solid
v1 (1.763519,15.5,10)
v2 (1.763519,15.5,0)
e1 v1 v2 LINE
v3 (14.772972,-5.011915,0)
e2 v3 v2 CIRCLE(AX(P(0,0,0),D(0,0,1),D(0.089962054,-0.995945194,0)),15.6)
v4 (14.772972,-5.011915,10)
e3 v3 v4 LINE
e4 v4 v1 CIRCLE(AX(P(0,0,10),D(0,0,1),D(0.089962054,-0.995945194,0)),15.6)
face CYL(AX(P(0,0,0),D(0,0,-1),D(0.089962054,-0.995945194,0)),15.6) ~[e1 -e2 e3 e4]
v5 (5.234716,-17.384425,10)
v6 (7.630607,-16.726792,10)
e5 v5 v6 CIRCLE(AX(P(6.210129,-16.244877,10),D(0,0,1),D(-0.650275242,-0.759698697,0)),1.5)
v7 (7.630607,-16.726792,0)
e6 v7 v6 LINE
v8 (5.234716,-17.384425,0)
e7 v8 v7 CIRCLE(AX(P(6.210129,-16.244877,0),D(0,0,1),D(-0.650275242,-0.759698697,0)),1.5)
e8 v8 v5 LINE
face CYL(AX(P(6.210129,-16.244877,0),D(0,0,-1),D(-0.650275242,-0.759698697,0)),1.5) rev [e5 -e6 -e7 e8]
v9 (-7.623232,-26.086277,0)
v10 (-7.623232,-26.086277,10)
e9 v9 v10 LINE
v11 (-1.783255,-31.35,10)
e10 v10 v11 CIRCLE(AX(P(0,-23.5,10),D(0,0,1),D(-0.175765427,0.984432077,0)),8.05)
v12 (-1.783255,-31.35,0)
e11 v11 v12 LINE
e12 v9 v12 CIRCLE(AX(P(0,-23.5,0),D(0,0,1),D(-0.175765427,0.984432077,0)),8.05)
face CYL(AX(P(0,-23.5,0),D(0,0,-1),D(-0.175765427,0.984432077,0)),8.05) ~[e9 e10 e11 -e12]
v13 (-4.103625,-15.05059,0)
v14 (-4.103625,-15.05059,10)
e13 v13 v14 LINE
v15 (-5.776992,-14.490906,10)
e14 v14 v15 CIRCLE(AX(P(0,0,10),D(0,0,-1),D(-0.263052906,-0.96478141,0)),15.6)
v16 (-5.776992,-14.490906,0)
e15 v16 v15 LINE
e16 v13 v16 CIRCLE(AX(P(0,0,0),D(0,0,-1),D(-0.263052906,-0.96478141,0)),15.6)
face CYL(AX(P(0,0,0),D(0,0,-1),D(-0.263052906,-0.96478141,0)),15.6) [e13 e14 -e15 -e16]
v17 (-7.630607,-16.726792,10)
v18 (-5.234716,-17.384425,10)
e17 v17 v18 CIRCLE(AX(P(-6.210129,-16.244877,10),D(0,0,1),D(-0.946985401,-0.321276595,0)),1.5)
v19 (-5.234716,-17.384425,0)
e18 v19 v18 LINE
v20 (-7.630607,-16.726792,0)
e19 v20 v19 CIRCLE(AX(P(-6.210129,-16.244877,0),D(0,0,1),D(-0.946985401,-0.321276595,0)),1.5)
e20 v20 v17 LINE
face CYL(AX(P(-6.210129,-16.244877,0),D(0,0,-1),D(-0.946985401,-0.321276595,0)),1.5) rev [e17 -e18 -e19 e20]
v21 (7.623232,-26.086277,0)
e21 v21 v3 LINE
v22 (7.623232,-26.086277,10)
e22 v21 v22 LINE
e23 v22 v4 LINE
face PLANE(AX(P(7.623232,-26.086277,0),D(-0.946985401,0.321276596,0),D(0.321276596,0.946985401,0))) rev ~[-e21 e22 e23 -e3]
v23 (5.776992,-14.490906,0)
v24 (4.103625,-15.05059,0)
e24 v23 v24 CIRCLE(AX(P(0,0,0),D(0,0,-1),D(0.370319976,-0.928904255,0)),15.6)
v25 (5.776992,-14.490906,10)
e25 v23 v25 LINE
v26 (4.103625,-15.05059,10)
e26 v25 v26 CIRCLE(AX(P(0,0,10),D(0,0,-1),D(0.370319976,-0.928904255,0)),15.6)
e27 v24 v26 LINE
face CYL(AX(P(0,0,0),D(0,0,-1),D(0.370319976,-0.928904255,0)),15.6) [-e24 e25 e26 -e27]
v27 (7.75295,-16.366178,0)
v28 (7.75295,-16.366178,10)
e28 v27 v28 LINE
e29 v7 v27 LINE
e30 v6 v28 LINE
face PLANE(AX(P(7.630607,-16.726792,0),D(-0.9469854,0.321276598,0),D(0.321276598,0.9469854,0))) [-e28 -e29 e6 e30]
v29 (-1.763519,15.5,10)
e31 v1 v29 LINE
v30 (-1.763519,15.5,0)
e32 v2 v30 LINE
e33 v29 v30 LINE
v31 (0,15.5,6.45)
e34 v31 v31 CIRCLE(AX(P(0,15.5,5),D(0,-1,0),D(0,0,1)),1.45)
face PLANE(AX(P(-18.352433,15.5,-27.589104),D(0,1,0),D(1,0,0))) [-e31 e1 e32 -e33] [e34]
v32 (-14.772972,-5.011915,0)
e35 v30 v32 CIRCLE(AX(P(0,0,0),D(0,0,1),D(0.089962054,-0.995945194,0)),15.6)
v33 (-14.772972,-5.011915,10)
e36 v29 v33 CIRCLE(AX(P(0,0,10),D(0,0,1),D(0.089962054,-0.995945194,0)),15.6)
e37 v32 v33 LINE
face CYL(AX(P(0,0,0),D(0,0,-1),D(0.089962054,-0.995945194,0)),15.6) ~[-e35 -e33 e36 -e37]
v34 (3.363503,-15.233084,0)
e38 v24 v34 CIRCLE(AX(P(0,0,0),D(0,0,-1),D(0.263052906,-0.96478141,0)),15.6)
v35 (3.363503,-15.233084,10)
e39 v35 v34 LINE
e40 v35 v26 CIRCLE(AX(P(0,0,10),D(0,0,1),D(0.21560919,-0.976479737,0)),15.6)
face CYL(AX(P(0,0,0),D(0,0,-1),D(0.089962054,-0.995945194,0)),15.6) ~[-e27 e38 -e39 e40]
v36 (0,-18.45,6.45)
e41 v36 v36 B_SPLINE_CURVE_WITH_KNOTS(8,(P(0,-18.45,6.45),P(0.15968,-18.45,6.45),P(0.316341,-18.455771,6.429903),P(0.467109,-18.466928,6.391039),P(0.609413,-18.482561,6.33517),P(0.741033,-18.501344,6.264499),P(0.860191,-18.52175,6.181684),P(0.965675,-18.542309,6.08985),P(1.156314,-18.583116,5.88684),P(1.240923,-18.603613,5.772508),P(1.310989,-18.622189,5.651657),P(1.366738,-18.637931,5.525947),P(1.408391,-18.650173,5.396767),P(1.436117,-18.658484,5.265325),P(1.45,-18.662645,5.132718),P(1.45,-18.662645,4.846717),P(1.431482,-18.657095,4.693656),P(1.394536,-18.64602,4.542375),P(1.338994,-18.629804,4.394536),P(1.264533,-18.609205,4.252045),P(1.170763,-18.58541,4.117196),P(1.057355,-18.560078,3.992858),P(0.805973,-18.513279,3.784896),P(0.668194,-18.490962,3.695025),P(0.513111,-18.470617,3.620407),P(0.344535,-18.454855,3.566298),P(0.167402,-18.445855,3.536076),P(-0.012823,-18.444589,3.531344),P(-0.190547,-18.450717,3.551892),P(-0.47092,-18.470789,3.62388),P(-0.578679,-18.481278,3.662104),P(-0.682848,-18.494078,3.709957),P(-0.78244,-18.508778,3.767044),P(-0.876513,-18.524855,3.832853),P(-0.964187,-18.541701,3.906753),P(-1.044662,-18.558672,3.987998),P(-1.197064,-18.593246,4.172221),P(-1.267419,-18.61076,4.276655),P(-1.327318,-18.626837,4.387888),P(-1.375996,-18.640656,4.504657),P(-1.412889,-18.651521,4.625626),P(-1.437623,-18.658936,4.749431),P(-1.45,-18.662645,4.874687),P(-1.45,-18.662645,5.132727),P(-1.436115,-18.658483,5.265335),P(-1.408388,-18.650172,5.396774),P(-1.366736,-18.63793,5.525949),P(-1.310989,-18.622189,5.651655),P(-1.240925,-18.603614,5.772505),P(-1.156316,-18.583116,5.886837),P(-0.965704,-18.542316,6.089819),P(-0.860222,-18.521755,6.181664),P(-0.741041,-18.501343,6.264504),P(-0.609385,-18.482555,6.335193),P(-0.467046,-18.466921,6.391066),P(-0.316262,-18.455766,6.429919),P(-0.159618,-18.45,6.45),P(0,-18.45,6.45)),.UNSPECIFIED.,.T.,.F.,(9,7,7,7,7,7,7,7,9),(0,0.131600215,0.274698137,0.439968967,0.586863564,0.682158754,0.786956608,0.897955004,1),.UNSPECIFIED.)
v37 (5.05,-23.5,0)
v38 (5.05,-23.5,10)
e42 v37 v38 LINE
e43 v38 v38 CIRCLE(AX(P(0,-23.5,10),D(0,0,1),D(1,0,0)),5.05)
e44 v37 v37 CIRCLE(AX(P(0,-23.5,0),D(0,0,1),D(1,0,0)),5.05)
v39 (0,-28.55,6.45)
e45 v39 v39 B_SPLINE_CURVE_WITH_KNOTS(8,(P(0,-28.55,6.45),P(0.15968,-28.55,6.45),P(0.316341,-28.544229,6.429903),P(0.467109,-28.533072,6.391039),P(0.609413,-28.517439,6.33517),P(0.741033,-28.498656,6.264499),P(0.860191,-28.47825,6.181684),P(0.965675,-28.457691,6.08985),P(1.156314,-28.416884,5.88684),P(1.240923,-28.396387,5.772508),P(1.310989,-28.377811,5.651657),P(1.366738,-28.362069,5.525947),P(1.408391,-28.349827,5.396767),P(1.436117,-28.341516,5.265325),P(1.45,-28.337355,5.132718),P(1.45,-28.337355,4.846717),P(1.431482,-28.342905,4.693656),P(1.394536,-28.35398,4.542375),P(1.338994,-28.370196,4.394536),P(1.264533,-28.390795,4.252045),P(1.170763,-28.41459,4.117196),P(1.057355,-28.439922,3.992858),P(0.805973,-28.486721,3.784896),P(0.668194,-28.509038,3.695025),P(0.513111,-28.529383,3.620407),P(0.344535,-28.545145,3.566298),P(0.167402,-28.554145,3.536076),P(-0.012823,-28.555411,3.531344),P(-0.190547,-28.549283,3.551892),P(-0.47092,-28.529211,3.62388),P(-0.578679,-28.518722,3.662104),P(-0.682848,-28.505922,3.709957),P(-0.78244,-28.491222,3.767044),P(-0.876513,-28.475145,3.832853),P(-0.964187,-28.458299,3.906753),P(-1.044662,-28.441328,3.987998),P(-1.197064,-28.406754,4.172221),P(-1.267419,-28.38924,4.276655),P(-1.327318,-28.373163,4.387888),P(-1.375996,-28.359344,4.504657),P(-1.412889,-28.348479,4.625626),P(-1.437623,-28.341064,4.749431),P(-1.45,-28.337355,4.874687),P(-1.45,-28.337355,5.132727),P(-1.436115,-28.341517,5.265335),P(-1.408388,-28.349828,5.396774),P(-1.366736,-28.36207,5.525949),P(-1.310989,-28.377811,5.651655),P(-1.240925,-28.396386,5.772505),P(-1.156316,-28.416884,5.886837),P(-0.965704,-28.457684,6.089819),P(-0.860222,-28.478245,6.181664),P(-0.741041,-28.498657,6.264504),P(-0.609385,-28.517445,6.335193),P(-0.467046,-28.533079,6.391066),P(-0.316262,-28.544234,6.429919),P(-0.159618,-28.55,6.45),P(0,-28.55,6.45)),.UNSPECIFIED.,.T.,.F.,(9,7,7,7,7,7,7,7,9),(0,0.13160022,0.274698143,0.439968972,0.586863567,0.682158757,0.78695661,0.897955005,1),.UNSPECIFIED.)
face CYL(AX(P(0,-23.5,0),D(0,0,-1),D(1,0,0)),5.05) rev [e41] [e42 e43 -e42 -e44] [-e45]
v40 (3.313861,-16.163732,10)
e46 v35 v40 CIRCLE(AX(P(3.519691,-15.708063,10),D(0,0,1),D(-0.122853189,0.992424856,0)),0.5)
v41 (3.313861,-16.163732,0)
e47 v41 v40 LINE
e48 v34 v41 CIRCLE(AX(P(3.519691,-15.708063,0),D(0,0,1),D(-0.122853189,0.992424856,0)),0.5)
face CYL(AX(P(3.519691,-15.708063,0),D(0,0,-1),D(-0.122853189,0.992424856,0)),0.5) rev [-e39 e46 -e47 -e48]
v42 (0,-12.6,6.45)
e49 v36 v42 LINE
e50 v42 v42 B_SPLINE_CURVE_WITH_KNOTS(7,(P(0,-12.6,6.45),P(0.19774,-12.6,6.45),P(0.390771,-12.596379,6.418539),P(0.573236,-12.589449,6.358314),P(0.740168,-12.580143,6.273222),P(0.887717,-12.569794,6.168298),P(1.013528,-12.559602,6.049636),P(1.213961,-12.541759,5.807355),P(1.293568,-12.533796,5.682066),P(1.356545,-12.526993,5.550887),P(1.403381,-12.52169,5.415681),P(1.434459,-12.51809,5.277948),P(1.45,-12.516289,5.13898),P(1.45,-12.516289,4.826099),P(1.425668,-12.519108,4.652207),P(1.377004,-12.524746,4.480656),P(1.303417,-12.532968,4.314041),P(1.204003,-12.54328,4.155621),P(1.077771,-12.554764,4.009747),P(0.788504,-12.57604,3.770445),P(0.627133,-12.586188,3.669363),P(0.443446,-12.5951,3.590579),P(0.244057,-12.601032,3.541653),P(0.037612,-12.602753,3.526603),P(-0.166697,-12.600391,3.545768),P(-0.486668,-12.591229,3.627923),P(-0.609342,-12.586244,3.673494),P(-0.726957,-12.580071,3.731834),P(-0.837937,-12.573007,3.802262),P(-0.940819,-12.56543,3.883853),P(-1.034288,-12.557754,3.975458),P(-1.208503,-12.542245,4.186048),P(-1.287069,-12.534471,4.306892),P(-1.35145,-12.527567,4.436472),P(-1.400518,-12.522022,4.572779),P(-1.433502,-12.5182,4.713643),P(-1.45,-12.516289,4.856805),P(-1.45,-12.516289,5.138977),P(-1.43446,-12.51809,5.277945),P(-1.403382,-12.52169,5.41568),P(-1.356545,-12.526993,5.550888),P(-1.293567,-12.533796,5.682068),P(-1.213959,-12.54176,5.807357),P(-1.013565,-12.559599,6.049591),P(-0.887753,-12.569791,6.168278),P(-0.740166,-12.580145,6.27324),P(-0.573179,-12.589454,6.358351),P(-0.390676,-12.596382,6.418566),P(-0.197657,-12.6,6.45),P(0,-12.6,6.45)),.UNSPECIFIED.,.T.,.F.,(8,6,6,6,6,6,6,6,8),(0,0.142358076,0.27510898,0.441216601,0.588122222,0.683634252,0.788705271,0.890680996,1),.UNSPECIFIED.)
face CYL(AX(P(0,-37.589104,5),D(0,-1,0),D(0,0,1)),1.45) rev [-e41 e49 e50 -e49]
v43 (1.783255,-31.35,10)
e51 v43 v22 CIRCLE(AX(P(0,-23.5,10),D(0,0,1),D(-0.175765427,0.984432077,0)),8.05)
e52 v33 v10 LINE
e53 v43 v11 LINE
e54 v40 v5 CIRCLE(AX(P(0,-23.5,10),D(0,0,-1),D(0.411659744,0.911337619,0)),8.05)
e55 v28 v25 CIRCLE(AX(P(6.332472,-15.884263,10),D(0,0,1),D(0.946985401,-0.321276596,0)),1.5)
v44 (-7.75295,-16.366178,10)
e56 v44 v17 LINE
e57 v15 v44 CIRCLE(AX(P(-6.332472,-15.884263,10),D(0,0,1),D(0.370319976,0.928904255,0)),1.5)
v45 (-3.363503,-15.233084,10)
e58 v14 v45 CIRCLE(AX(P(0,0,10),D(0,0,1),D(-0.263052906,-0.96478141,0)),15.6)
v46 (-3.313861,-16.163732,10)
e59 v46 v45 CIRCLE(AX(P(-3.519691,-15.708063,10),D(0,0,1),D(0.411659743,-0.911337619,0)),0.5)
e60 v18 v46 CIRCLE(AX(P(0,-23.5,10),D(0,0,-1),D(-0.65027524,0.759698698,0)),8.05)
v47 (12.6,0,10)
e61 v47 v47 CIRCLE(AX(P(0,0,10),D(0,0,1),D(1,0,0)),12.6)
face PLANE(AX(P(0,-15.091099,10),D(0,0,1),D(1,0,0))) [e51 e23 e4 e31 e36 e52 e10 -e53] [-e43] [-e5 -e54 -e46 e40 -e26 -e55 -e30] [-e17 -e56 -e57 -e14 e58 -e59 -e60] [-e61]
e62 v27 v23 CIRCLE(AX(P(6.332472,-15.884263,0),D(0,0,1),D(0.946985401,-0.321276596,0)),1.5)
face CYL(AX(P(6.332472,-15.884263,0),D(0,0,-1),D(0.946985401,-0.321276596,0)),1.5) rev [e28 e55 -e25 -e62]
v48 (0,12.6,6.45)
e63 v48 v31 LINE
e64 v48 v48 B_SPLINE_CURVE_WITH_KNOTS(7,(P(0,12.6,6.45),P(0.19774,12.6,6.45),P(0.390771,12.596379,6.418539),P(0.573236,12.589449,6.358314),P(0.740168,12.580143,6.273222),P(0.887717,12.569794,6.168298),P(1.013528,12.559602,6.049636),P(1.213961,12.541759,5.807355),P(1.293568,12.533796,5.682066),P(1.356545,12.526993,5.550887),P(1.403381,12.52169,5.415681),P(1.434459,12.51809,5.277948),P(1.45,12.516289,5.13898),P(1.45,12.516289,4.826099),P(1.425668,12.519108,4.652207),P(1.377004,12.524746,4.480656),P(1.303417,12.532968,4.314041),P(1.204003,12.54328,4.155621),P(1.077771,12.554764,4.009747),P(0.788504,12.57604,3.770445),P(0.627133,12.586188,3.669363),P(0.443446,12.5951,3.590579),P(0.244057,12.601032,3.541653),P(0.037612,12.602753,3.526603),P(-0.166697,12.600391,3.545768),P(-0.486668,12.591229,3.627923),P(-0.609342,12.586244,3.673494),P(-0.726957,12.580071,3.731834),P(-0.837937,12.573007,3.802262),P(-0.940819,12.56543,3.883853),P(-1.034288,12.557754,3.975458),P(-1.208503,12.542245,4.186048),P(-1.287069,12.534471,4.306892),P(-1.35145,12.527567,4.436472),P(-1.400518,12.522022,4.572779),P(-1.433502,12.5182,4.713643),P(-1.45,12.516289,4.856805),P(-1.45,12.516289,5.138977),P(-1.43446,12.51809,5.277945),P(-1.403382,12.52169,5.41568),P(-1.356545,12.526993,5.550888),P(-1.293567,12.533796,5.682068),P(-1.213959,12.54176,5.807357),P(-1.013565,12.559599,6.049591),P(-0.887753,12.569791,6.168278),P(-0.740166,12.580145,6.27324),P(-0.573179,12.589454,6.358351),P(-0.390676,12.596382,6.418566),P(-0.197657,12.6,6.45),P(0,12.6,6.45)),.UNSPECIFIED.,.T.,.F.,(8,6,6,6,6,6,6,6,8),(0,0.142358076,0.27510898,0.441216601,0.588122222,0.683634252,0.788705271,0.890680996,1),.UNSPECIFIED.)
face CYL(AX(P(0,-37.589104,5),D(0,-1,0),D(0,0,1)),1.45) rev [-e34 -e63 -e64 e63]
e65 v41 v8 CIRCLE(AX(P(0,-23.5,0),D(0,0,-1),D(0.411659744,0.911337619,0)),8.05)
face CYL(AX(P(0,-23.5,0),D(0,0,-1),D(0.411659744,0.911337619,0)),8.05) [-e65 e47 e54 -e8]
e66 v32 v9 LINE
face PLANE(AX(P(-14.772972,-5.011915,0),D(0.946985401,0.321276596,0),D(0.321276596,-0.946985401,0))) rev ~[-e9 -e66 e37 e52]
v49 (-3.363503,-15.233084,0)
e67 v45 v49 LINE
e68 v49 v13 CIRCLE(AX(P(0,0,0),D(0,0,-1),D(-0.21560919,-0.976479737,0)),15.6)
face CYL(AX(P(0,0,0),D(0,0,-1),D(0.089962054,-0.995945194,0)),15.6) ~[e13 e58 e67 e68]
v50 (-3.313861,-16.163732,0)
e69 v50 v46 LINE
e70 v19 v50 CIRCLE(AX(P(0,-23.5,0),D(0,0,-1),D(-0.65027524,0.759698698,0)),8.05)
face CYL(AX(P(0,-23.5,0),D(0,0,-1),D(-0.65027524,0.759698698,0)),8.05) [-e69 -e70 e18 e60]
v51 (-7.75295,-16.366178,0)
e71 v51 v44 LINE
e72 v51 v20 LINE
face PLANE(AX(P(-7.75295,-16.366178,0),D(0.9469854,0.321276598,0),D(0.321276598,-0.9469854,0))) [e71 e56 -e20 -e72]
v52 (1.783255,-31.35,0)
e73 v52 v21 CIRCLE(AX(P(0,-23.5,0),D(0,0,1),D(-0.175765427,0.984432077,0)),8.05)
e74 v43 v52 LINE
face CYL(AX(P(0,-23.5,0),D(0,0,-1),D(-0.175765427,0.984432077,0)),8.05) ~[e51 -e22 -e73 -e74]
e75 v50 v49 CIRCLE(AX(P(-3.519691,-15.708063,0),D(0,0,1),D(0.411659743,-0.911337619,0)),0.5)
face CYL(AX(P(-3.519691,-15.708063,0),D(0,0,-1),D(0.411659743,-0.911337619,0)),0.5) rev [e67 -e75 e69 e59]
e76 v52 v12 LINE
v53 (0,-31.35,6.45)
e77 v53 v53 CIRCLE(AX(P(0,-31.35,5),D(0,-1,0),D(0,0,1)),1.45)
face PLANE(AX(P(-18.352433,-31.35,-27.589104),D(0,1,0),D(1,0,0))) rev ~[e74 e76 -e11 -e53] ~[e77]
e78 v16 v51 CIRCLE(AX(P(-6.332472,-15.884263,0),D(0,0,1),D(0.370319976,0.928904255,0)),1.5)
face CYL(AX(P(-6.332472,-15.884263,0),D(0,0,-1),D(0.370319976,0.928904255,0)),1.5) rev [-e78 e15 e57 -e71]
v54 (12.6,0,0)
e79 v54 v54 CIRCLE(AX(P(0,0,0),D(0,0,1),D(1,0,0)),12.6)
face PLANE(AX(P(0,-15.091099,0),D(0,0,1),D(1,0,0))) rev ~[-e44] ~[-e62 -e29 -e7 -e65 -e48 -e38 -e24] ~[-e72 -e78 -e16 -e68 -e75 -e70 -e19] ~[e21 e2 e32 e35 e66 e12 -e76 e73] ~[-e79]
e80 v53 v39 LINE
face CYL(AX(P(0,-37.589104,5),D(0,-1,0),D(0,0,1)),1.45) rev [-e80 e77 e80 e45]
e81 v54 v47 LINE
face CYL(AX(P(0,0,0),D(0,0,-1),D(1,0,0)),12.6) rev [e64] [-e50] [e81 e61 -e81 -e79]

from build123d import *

# Parameters (mm, degrees)
SKETCH_1_R               = 12.6
SKETCH_1_R_2             = 5.05
EXTRUDE_1_DEPTH          = 10
EXTRUDE_START            = -10
EXTRUDE_2_DEPTH          = 10
CUT_EXTRUDE_1_DEPTH      = 37.589103569
CUT_EXTRUDE_1_DEPTH_BACK = 37.589103569
SKETCH_3_R               = 1.45
CUT_EXTRUDE_2_DEPTH      = 37.589103725
CUT_EXTRUDE_2_DEPTH_BACK = 37.589103725
SKETCH_4_W               = 93.892826014
SKETCH_4_H               = 80.433232648
SKETCH_4_W_2             = 43.077359666
SKETCH_4_H_2             = 46.85


with BuildPart() as part:
    # 草图1 → 凸台-拉伸1 (new body)
    with BuildSketch(Plane.XY):
        with BuildLine():
            Line((-1.414911685, -15.535701623), (-1.414911685, -15.575321778))
            ThreePointArc((-1.414911685, -15.575321778), (0.005842023, -31.54999788), (1.403408047, -15.573276474))
            Line((1.403408047, -15.573276474), (1.403408047, -15.536745021))
            ThreePointArc((1.403408047, -15.536745021), (0.00577543, 15.599998931), (-1.414911685, -15.535701623))
        make_face()
        Circle(SKETCH_1_R, mode=Mode.SUBTRACT)
        with Locations((0, -23.5)):
            Circle(SKETCH_1_R_2, mode=Mode.SUBTRACT)
    extrude(amount=EXTRUDE_1_DEPTH)

    # 草图2 → 凸台-拉伸2 (add)
    with BuildSketch(Plane.XY.offset(10).offset(EXTRUDE_START)):
        Polygon((-14.77297225, -5.011914894), (-7.623232475, -26.086276596), (-5.929048094, -20.254331983), (0, -17.39919484), (5.929048094, -20.254331983), (7.623232475, -26.086276596), (14.77297225, -5.011914894), (5.311228847, -13.252346959), (0, -13.517472928), (-5.311228847, -13.252346959), align=None)
        with BuildLine():
            Line((-7.752949676, -16.366177664), (-7.630606655, -16.726792335))
            ThreePointArc((-7.630606655, -16.726792335), (-6.60716899, -17.691376281), (-5.234715693, -17.384425487))
            ThreePointArc((-5.234715693, -17.384425487), (-4.31764561, -16.705852785), (-3.31386093, -16.163732166))
            ThreePointArc((-3.31386093, -16.163732166), (-3.025346815, -15.633069871), (-3.458264207, -15.211850929))
            Line((-3.458264207, -15.211850929), (-4.103625329, -15.050589994))
            ThreePointArc((-4.103625329, -15.050589994), (-4.948227887, -14.794426004), (-5.776991612, -14.490906387))
            ThreePointArc((-5.776991612, -14.490906387), (-7.36504895, -14.796244404), (-7.752949676, -16.366177664))
        make_face(mode=Mode.SUBTRACT)
        with BuildLine():
            Line((4.103625329, -15.050589994), (3.458264207, -15.211850929))
            ThreePointArc((3.458264207, -15.211850929), (3.025346815, -15.633069871), (3.31386093, -16.163732166))
            ThreePointArc((3.31386093, -16.163732166), (4.31764561, -16.705852785), (5.234715693, -17.384425487))
            ThreePointArc((5.234715693, -17.384425487), (6.60716899, -17.691376281), (7.630606655, -16.726792335))
            Line((7.630606655, -16.726792335), (7.752949676, -16.366177664))
            ThreePointArc((7.752949676, -16.366177664), (7.36504895, -14.796244404), (5.776991612, -14.490906387))
            ThreePointArc((5.776991612, -14.490906387), (4.948227887, -14.794426004), (4.103625329, -15.050589994))
        make_face(mode=Mode.SUBTRACT)
    extrude(amount=EXTRUDE_2_DEPTH)

    # 草图3 → 切除-拉伸1 (cut, two sides: drawn at the far end of the back side and taken through both)
    with BuildSketch(Plane(origin=(0, 0, 0), x_dir=(1, 0, 0), z_dir=(0, 1, 0)).offset(-CUT_EXTRUDE_1_DEPTH_BACK)):
        with Locations(Location((0, -5, 0), (0, 0, 270))):
            Circle(SKETCH_3_R)
    extrude(amount=CUT_EXTRUDE_1_DEPTH + CUT_EXTRUDE_1_DEPTH_BACK, mode=Mode.SUBTRACT)

    # 草图4 → 切除-拉伸2 (cut, two sides: drawn at the far end of the back side and taken through both)
    with BuildSketch(Plane.XY.offset(10).offset(-CUT_EXTRUDE_2_DEPTH_BACK)):
        with Locations((-5.954078533, 0.891401237)):
            Rectangle(SKETCH_4_W, SKETCH_4_H)
        with Locations((3.186246386, -7.925)):
            Rectangle(SKETCH_4_W_2, SKETCH_4_H_2, mode=Mode.SUBTRACT)
    extrude(amount=CUT_EXTRUDE_2_DEPTH + CUT_EXTRUDE_2_DEPTH_BACK, mode=Mode.SUBTRACT)


solid = part.part
